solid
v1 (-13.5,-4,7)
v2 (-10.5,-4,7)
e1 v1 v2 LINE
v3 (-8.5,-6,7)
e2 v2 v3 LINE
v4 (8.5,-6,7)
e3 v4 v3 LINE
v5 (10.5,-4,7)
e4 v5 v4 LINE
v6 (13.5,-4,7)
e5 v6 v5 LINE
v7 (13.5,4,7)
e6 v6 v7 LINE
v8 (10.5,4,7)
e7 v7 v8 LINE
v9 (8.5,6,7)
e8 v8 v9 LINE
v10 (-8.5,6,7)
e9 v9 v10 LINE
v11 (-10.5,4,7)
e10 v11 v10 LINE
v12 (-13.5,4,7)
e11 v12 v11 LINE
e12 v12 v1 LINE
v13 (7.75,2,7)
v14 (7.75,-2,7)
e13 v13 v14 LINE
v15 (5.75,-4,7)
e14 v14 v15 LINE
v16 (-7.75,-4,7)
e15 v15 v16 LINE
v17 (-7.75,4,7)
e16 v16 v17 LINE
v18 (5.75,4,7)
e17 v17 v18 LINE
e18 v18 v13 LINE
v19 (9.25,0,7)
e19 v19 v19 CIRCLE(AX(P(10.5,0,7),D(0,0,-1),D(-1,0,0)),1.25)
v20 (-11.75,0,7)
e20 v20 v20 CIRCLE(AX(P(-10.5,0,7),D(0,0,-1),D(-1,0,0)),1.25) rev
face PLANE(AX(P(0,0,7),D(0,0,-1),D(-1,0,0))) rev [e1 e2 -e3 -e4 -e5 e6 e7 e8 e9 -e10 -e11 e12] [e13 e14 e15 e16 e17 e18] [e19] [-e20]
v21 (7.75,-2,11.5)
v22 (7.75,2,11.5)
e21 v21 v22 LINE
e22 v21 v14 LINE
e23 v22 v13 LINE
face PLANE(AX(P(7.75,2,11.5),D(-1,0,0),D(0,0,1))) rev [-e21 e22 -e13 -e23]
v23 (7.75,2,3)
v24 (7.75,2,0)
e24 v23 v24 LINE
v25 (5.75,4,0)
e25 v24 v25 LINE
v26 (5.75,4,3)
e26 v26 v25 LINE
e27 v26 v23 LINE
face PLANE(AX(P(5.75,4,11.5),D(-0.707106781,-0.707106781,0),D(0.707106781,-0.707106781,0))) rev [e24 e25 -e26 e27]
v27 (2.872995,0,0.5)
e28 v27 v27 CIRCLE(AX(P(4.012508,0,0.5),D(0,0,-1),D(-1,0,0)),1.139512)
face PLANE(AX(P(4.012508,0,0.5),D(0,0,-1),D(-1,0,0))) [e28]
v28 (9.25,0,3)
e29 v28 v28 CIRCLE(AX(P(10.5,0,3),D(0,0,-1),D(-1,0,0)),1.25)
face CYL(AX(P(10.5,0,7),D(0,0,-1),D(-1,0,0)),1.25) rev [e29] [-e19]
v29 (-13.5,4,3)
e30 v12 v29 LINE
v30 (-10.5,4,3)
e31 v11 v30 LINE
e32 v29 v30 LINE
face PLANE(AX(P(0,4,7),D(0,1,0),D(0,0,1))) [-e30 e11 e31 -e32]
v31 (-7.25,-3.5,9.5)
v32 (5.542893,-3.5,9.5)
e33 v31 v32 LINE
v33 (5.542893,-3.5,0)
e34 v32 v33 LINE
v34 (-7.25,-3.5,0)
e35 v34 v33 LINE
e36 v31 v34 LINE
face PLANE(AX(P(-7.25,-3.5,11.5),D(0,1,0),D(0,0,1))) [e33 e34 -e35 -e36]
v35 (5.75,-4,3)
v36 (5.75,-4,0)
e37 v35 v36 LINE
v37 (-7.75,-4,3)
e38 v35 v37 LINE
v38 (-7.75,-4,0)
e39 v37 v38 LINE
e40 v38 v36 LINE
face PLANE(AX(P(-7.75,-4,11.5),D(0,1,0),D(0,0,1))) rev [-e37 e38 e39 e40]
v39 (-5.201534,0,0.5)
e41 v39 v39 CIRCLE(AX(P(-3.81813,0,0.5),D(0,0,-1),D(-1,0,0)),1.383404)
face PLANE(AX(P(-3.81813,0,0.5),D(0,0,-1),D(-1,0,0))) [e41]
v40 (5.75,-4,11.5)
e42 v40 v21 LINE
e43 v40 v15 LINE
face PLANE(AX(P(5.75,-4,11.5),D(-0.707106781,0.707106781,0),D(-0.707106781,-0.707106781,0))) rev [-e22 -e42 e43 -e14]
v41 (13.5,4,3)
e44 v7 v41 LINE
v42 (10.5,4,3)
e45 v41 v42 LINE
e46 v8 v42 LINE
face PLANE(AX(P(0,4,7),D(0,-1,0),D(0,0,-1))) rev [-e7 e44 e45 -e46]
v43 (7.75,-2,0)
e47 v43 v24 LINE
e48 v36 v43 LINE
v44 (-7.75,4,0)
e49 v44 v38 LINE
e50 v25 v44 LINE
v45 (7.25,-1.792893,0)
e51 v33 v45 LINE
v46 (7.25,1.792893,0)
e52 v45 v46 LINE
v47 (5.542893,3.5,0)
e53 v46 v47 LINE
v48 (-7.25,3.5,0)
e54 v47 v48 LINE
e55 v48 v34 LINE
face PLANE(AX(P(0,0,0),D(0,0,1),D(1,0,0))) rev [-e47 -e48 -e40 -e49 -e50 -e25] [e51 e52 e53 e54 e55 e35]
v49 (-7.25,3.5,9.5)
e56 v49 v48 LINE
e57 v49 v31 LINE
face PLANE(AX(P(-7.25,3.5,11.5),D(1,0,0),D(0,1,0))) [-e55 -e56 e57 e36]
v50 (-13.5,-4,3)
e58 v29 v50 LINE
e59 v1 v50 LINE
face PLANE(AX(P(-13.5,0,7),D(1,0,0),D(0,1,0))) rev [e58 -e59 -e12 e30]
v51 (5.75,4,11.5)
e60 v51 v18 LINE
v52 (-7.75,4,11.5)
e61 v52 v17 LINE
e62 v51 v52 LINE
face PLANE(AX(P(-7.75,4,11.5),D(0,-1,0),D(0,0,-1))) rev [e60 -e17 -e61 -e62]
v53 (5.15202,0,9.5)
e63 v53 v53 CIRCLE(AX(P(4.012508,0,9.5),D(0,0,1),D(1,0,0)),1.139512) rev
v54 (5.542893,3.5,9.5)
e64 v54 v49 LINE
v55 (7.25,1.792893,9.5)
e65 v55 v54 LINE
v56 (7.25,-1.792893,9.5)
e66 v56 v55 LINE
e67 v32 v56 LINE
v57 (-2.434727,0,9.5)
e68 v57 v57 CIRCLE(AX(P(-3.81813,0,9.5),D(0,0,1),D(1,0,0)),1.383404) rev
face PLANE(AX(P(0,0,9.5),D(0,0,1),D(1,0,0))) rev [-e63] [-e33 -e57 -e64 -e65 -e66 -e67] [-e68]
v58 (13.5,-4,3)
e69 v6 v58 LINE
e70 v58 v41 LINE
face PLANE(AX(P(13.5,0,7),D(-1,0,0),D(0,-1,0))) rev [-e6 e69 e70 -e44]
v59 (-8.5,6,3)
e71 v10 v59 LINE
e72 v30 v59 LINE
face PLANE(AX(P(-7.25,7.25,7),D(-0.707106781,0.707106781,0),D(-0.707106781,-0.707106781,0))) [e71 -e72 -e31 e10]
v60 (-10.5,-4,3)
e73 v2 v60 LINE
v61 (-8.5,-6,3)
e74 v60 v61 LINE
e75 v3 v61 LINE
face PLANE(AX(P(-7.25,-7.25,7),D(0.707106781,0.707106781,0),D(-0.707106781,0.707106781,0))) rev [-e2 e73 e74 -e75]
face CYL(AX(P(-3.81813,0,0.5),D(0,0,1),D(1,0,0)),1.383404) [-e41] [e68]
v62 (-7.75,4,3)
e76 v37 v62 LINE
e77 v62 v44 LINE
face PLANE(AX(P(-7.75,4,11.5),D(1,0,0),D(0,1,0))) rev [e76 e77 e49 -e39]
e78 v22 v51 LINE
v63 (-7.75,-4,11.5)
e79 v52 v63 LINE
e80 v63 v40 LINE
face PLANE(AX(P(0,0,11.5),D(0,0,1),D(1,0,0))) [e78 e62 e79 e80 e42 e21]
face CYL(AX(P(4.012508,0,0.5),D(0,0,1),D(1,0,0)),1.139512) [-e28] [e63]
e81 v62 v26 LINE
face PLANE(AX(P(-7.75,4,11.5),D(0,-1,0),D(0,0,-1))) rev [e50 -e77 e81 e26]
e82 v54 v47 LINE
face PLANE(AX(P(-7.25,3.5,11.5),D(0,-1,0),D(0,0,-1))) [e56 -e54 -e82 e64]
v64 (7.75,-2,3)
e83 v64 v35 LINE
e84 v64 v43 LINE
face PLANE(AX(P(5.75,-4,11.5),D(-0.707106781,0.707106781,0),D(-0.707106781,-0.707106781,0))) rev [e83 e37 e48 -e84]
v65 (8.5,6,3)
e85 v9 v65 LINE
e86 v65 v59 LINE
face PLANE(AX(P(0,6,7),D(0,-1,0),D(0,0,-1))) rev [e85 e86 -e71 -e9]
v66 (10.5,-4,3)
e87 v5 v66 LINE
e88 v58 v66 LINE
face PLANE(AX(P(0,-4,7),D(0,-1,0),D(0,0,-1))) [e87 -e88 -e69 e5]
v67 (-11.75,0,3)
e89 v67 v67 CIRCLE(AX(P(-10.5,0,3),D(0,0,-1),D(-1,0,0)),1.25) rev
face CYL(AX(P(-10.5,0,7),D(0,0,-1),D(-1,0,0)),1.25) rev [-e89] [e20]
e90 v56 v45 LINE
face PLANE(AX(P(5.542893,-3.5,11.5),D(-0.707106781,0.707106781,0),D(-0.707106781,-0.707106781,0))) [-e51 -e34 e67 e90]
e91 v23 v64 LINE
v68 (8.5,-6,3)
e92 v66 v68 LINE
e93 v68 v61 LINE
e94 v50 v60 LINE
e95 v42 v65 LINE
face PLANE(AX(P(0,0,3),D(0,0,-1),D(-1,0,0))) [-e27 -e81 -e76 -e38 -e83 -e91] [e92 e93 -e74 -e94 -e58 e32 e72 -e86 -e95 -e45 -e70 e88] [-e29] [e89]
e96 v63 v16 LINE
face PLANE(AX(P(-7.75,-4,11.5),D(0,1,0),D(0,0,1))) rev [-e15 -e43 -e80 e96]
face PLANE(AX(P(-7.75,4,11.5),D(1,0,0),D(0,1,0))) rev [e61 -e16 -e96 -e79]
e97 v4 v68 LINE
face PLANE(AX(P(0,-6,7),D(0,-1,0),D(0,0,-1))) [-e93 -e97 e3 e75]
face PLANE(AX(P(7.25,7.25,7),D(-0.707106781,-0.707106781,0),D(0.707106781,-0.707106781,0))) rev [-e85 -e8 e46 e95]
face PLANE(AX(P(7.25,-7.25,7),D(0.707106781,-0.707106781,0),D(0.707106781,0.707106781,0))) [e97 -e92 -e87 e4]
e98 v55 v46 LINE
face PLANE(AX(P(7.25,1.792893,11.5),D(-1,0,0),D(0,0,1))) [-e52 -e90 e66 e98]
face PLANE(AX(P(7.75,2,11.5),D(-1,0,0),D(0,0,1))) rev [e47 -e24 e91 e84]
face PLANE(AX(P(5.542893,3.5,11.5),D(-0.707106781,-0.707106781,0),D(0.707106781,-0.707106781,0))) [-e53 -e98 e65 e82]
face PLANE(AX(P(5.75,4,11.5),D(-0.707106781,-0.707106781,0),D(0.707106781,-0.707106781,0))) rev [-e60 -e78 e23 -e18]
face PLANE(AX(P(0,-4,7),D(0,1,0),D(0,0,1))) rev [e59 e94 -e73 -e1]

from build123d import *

# Parameters (mm, degrees)
BOSS_EXTRUDE1_DEPTH = 11.5
SKETCH2_R           = 1.25
BOSS_EXTRUDE2_DEPTH = 4
BOSS_EXTRUDE3_DEPTH = 2
SKETCH4_R           = 1.139512492
SKETCH4_R_2         = 1.383403708
BOSS_EXTRUDE4_DEPTH = 9


with BuildPart() as part:
    # Sketch1 → Boss-Extrude1 (new body)
    with BuildSketch(Plane.XY):
        Polygon((5.75, -4), (7.75, -2), (7.75, 2), (5.75, 4), (-7.75, 4), (-7.75, -4), align=None)
        Polygon((-7.25, 3.5), (-7.25, -3.5), (5.542893219, -3.5), (7.25, -1.792893219), (7.25, 1.792893219), (5.542893219, 3.5), align=None, mode=Mode.SUBTRACT)
    extrude(amount=BOSS_EXTRUDE1_DEPTH)

    # Sketch2 → Boss-Extrude2 (add)
    with BuildSketch(Plane(origin=(0, 0, 3), x_dir=(-1, 0, 0), z_dir=(0, 0, -1))):
        Polygon((-13.5, 0), (-13.5, 4), (-10.5, 4), (-8.5, 6), (8.5, 6), (10.5, 4), (13.5, 4), (13.5, 0), (13.5, -4), (10.5, -4), (8.5, -6), (-8.5, -6), (-10.5, -4), (-13.5, -4), align=None)
        with Locations((-10.5, 0)):
            Circle(SKETCH2_R, mode=Mode.SUBTRACT)
        with Locations((10.5, 0)):
            Circle(SKETCH2_R, mode=Mode.SUBTRACT)
        Polygon((-5.75, -4), (7.75, -4), (7.75, 4), (-5.75, 4), (-7.75, 2), (-7.75, -2), align=None, mode=Mode.SUBTRACT)
    extrude(amount=-BOSS_EXTRUDE2_DEPTH)

    # Sketch3 → Boss-Extrude3 (add)
    with BuildSketch(Plane.XY.offset(11.5)):
        Polygon((-7.25, 3.5), (-7.25, -3.5), (5.542893219, -3.5), (7.25, -1.792893219), (7.25, 1.792893219), (5.542893219, 3.5), align=None)
    extrude(amount=-BOSS_EXTRUDE3_DEPTH)

    # Sketch4 → Boss-Extrude4 (add)
    with BuildSketch(Plane(origin=(0, 0, 9.5), x_dir=(-1, 0, 0), z_dir=(0, 0, -1))):
        with Locations(Location((-4.01250784, 0, 0), (0, 0, 180))):
            Circle(SKETCH4_R)
        with Locations(Location((3.818130298, 0, 0), (0, 0, 180))):
            Circle(SKETCH4_R_2)
    extrude(amount=BOSS_EXTRUDE4_DEPTH)


solid = part.part
